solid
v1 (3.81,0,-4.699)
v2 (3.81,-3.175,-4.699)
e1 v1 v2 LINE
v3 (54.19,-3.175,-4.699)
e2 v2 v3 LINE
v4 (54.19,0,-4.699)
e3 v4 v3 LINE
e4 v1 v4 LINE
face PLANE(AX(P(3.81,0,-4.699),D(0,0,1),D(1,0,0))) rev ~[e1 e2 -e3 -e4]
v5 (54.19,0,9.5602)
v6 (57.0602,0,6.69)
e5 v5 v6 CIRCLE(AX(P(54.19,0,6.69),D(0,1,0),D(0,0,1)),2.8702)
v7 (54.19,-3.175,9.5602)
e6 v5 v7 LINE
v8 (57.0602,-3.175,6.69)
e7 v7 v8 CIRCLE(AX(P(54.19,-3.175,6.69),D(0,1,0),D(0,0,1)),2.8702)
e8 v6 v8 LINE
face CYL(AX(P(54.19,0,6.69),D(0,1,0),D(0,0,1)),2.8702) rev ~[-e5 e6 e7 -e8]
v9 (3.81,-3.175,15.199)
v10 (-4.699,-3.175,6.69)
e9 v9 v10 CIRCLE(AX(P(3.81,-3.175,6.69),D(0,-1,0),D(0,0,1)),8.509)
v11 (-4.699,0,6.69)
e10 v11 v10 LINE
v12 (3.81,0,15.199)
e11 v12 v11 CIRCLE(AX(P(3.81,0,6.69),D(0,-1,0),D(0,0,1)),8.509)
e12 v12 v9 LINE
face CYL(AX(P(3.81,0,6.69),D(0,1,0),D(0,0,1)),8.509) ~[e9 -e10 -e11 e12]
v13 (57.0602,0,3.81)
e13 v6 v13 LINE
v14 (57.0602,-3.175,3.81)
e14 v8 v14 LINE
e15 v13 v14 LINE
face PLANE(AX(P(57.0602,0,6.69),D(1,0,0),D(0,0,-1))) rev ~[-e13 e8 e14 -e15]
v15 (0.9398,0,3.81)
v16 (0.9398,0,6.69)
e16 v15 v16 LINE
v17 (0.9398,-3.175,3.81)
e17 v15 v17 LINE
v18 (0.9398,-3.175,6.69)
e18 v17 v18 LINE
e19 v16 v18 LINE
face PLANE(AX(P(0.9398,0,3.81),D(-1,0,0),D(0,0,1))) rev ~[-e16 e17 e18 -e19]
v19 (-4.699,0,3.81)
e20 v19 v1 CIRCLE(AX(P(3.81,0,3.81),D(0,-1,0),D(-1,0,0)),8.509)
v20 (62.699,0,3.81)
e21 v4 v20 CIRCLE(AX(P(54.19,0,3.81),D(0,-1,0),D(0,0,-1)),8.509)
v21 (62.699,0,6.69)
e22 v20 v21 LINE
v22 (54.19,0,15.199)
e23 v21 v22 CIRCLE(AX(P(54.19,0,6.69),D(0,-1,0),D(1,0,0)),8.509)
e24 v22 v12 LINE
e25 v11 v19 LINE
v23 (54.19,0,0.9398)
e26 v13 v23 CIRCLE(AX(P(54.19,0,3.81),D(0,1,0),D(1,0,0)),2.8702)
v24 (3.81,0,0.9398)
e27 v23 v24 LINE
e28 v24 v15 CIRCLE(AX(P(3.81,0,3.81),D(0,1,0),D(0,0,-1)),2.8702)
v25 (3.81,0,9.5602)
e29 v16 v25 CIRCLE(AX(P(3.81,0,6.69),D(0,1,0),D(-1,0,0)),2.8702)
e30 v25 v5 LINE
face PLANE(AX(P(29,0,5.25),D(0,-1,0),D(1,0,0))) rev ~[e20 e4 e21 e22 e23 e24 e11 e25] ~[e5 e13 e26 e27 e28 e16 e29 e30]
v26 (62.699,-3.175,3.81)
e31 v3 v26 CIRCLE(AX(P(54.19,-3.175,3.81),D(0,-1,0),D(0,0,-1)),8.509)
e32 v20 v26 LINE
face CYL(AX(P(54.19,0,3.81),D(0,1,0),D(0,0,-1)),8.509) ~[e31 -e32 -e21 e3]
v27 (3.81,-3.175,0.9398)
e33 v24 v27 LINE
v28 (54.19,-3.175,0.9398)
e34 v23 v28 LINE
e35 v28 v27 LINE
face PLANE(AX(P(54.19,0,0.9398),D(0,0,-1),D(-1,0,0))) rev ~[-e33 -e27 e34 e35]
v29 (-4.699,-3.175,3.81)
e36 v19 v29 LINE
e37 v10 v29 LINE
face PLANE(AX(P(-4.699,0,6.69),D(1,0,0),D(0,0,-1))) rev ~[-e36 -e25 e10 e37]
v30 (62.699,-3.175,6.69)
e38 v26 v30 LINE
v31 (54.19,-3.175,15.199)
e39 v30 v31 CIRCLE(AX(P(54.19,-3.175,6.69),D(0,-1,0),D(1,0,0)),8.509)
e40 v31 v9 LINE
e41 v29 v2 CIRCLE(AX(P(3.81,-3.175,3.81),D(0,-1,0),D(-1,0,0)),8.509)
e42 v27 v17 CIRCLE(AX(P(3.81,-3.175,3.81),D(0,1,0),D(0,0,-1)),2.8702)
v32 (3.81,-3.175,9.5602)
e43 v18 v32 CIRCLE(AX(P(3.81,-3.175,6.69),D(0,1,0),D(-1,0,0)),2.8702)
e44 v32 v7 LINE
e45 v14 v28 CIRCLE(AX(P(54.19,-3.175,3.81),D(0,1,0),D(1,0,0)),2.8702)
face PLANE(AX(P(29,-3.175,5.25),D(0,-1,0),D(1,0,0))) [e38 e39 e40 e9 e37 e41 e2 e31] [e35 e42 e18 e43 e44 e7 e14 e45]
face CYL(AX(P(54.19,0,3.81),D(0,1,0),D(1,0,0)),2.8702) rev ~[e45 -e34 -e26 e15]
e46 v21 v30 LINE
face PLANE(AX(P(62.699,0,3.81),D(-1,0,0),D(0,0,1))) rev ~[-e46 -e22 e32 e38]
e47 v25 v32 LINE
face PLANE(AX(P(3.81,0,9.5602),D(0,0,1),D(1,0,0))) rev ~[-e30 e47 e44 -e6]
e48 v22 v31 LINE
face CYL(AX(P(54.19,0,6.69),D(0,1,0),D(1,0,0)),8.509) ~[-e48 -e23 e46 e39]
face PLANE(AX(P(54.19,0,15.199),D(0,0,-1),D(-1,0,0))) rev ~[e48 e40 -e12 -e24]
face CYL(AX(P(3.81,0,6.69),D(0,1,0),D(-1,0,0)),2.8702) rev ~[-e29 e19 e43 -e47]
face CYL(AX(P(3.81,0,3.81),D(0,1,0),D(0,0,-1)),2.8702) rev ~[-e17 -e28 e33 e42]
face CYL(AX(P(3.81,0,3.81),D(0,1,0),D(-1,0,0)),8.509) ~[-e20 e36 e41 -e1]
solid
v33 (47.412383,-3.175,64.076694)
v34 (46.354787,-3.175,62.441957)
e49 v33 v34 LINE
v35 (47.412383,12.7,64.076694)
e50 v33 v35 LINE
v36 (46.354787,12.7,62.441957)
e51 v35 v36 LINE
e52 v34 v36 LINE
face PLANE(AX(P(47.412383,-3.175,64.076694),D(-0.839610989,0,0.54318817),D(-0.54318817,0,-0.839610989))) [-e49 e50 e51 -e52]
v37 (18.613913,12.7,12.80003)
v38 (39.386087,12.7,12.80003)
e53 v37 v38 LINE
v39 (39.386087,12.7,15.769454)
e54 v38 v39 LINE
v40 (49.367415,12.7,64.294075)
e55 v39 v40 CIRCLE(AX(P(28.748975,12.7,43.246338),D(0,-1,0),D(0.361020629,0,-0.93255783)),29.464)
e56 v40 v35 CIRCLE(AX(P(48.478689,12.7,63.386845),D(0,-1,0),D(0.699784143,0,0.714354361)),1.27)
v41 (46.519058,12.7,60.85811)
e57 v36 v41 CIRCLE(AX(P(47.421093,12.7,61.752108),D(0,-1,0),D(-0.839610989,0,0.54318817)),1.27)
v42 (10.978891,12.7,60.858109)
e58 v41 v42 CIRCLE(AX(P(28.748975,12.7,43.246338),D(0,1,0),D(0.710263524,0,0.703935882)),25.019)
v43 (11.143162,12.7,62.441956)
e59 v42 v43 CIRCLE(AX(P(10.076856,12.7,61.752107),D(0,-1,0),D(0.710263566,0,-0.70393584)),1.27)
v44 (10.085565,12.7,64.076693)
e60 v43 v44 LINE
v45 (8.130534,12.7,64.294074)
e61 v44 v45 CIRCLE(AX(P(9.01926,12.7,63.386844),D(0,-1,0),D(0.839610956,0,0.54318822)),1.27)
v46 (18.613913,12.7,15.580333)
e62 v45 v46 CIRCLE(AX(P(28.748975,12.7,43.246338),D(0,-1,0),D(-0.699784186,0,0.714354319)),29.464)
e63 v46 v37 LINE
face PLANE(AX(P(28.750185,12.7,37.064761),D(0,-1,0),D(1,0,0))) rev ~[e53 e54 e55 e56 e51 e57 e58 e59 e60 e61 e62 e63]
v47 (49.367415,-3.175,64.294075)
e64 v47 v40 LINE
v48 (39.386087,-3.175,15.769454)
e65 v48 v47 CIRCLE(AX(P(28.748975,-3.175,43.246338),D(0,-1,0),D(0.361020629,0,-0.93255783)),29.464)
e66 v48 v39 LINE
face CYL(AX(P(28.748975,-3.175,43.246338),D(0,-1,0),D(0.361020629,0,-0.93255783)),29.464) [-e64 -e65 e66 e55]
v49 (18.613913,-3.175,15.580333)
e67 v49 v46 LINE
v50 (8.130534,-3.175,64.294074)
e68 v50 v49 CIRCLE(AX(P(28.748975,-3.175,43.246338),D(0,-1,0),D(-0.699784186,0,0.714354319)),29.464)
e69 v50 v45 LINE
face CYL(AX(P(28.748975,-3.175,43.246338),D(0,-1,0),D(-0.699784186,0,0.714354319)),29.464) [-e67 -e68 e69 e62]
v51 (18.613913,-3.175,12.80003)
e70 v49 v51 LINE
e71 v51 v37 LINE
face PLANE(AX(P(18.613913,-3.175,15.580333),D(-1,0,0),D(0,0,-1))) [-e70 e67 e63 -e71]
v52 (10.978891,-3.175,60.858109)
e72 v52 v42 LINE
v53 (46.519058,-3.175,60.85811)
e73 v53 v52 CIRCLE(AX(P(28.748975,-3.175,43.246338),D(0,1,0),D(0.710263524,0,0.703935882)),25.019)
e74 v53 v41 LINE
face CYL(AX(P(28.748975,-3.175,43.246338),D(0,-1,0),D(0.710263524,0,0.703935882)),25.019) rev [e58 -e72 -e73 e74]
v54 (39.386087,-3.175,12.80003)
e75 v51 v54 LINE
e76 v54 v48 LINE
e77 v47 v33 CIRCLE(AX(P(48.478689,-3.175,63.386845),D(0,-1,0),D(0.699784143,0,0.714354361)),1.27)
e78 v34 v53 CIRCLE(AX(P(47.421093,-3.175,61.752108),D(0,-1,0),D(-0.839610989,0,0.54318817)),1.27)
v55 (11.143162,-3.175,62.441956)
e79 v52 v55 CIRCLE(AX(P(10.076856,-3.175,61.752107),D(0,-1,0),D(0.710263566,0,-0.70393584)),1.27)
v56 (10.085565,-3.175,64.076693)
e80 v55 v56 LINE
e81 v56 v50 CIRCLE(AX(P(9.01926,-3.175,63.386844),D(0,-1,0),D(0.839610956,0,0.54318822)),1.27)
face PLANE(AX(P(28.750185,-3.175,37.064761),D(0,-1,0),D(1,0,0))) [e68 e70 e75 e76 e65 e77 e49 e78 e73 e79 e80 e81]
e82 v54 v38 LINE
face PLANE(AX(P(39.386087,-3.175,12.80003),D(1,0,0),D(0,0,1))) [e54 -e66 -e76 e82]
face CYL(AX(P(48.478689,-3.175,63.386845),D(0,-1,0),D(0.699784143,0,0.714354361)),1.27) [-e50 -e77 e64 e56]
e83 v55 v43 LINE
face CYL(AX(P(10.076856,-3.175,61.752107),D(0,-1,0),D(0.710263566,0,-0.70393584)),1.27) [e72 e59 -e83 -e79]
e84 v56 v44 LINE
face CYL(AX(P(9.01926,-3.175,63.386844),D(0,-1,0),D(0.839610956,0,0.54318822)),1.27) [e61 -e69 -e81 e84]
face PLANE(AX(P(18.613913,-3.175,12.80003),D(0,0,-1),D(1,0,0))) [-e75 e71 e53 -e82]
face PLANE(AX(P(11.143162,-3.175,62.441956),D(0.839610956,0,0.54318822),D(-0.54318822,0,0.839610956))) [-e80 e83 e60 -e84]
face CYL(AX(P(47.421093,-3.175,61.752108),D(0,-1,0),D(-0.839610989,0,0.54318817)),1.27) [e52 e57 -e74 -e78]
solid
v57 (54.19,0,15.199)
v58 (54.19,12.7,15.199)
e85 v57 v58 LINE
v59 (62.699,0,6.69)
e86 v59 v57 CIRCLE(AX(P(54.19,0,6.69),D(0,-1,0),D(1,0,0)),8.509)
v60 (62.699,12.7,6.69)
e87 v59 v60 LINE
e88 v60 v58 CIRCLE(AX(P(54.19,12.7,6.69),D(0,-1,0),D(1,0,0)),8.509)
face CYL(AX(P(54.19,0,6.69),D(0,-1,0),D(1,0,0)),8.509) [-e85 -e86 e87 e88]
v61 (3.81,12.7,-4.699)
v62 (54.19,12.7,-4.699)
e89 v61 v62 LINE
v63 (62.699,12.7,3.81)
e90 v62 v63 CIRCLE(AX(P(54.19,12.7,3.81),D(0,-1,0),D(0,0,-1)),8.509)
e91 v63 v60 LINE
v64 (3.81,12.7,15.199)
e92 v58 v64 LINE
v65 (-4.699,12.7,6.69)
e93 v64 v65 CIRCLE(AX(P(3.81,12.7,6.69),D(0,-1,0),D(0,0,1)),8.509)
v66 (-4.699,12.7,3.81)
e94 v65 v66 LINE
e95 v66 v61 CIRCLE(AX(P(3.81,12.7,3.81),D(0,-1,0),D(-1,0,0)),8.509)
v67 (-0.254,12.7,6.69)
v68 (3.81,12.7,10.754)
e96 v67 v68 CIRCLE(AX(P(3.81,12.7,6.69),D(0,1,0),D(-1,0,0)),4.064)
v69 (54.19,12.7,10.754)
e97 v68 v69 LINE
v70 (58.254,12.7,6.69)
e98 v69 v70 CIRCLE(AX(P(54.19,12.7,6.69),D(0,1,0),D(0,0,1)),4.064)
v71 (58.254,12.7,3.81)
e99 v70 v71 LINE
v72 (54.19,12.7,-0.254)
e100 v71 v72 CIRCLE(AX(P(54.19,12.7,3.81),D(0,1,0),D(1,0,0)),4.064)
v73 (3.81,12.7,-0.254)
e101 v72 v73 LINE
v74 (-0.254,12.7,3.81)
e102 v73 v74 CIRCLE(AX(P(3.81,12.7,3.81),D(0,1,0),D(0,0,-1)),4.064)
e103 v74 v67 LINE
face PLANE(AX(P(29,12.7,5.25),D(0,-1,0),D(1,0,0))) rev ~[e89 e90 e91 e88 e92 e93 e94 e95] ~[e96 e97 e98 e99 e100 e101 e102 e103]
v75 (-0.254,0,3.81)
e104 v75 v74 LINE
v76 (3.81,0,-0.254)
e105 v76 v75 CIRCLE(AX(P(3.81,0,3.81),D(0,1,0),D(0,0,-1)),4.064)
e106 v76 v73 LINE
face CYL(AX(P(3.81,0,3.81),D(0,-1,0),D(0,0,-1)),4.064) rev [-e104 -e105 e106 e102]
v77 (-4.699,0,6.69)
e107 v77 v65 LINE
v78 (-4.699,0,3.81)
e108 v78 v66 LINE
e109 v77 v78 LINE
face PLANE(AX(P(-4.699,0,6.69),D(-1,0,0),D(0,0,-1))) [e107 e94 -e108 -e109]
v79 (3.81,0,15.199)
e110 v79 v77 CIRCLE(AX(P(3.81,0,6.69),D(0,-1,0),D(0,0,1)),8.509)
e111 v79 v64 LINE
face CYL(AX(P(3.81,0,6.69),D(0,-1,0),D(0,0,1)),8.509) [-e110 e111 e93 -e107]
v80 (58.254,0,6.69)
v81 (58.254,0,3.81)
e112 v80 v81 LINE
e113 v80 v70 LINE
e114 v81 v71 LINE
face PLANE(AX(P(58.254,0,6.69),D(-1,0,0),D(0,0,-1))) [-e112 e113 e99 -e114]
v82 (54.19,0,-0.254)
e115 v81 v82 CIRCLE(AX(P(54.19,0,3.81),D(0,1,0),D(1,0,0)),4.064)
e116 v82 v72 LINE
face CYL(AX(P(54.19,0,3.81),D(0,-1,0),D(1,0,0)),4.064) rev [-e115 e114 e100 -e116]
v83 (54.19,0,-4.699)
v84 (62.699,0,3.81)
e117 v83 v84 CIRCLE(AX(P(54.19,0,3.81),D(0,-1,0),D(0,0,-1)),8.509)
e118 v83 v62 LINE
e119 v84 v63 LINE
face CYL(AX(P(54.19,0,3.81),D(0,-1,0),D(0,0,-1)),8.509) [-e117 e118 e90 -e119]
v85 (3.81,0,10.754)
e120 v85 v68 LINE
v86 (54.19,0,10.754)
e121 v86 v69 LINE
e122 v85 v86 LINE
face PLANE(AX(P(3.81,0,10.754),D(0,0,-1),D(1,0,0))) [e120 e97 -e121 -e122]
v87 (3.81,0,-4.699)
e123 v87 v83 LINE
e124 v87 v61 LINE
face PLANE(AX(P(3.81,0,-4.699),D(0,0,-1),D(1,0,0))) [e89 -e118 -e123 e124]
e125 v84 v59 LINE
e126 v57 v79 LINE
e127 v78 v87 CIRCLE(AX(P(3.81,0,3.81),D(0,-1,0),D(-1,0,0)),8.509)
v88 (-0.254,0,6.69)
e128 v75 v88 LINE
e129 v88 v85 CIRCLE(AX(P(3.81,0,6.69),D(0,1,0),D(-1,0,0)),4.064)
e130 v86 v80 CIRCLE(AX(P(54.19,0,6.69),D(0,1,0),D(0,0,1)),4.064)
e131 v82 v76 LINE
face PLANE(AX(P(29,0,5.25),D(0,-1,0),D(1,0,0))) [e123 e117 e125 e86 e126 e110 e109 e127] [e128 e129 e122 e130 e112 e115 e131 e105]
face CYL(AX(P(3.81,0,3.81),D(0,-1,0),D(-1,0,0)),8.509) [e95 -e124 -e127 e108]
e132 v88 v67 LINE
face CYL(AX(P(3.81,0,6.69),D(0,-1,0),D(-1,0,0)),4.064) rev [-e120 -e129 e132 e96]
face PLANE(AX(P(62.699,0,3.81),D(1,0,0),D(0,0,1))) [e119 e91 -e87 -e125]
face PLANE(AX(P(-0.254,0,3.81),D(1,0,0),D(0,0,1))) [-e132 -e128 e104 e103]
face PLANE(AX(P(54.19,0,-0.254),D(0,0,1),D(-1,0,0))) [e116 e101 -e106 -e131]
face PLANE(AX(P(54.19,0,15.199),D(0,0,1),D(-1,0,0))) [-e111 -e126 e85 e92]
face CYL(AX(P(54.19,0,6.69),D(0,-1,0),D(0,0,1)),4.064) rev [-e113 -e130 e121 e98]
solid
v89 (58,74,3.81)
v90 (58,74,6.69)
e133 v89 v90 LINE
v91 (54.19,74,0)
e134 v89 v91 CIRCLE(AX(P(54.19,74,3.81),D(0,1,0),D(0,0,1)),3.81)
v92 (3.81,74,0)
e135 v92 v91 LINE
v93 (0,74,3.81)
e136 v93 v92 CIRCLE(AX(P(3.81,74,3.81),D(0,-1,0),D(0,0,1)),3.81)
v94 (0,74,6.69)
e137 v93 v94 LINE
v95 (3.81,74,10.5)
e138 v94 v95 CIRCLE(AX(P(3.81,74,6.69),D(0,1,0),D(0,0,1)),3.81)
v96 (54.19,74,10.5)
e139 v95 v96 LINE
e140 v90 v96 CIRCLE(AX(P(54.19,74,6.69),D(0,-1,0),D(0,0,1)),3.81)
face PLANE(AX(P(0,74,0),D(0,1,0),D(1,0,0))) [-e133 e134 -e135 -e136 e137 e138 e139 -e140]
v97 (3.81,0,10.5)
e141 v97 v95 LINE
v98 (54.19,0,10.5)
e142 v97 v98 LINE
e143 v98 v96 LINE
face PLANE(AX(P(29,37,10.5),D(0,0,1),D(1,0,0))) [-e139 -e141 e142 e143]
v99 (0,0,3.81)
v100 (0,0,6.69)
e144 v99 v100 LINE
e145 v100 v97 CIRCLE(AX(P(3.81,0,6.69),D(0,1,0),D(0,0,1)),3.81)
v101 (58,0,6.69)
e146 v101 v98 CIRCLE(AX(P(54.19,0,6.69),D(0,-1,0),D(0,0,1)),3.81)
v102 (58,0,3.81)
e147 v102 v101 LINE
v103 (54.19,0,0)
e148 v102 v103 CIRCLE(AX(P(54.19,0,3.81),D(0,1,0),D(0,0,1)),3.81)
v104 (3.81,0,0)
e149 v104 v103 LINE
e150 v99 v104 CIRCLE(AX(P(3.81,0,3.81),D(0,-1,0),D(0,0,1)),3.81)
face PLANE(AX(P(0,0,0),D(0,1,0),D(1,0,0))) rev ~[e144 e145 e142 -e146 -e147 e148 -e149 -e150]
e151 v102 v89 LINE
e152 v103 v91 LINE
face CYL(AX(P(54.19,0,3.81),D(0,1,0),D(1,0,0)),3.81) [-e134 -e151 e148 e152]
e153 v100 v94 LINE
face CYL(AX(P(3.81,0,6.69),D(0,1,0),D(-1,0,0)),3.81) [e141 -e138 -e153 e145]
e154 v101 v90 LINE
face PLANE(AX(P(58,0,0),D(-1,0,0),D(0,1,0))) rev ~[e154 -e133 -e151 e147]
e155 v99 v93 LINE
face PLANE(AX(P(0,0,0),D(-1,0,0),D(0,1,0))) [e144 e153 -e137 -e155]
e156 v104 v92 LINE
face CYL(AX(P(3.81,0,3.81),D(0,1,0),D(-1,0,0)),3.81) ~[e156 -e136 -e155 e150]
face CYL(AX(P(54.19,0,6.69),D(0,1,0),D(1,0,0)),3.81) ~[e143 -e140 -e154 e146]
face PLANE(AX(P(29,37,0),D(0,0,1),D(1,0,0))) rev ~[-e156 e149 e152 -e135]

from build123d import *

# Parameters (mm, degrees)
F0_W     = 58
F0_H     = 74
F1_DEPTH = 10.5
F2_R     = 3.81
F4_DEPTH = 12.7
F6_DEPTH = 3.175
F8_DEPTH = 15.875


with BuildPart() as f1:
    # F0 (on Top) → F1 (new body)
    with BuildSketch(Plane.XY):
        with Locations((29, 37)):
            Rectangle(F0_W, F0_H)
    extrude(amount=F1_DEPTH)

    # F2
    f2_edges = [f1.edges().sort_by_distance(p)[0] for p in [
        (58, 37, 0),
        (58, 37, 10.5),
        (0, 37, 0),
        (0, 37, 10.5),
    ]]
    fillet(f2_edges, radius=F2_R)


with BuildPart() as f4:
    # F3 (on face) → F4 (new body)
    with BuildSketch(Plane.XZ):
        with BuildLine():
            Line((54.19, 15.199), (3.81, 15.199))
            ThreePointArc((3.81, 15.199), (-2.2067716011, 12.7067716011), (-4.699, 6.69))
            Line((-4.699, 6.69), (-4.699, 3.81))
            ThreePointArc((-4.699, 3.81), (-2.2067716011, -2.2067716011), (3.81, -4.699))
            Line((3.81, -4.699), (54.19, -4.699))
            ThreePointArc((54.19, -4.699), (60.2067716011, -2.2067716011), (62.699, 3.81))
            Line((62.699, 3.81), (62.699, 6.69))
            ThreePointArc((62.699, 6.69), (60.2067716011, 12.7067716011), (54.19, 15.199))
        make_face()
        with BuildLine():
            ThreePointArc((-0.254, 6.69), (0.9363180413, 9.5636819587), (3.81, 10.754))
            Line((3.81, 10.754), (54.19, 10.754))
            ThreePointArc((54.19, 10.754), (57.0636819587, 9.5636819587), (58.254, 6.69))
            Line((58.254, 6.69), (58.254, 3.81))
            ThreePointArc((58.254, 3.81), (57.0636819587, 0.9363180413), (54.19, -0.254))
            Line((54.19, -0.254), (3.81, -0.254))
            ThreePointArc((3.81, -0.254), (0.9363180413, 0.9363180413), (-0.254, 3.81))
            Line((-0.254, 3.81), (-0.254, 6.69))
        make_face(mode=Mode.SUBTRACT)
    extrude(amount=-F4_DEPTH)


with BuildPart() as f6:
    # F5 (on face) → F6 (new body)
    with BuildSketch(Plane.XZ):
        with BuildLine():
            ThreePointArc((62.699, 6.69), (60.2067716011, 12.7067716011), (54.19, 15.199))
            Line((54.19, 15.199), (3.81, 15.199))
            ThreePointArc((3.81, 15.199), (-2.2067716011, 12.7067716011), (-4.699, 6.69))
            Line((-4.699, 6.69), (-4.699, 3.81))
            ThreePointArc((-4.699, 3.81), (-2.2067716011, -2.2067716011), (3.81, -4.699))
            Line((3.81, -4.699), (54.19, -4.699))
            ThreePointArc((54.19, -4.699), (60.2067716011, -2.2067716011), (62.699, 3.81))
            Line((62.699, 3.81), (62.699, 6.69))
        make_face()
        with BuildLine():
            ThreePointArc((3.81, -0.254), (0.9363180413, 0.9363180413), (-0.254, 3.81))
            Line((-0.254, 3.81), (-0.254, 6.69))
            ThreePointArc((-0.254, 6.69), (0.9363180413, 9.5636819587), (3.81, 10.754))
            Line((3.81, 10.754), (54.19, 10.754))
            ThreePointArc((54.19, 10.754), (57.0636819587, 9.5636819587), (58.254, 6.69))
            Line((58.254, 6.69), (58.254, 3.81))
            ThreePointArc((58.254, 3.81), (57.0636819587, 0.9363180413), (54.19, -0.254))
            Line((54.19, -0.254), (3.81, -0.254))
        make_face(mode=Mode.SUBTRACT)
        with BuildLine():
            Line((-0.254, 6.69), (-0.254, 3.81))
            ThreePointArc((-0.254, 3.81), (0.9363180413, 0.9363180413), (3.81, -0.254))
            Line((3.81, -0.254), (54.19, -0.254))
            ThreePointArc((54.19, -0.254), (57.0636819587, 0.9363180413), (58.254, 3.81))
            Line((58.254, 3.81), (58.254, 6.69))
            ThreePointArc((58.254, 6.69), (57.0636819587, 9.5636819587), (54.19, 10.754))
            Line((54.19, 10.754), (3.81, 10.754))
            ThreePointArc((3.81, 10.754), (0.9363180413, 9.5636819587), (-0.254, 6.69))
        make_face()
        with BuildLine():
            Line((3.81, 9.5602003321), (54.19, 9.5602003321))
            ThreePointArc((54.19, 9.5602003321), (56.2195381182, 8.7195381182), (57.0602003321, 6.69))
            Line((57.0602003321, 6.69), (57.0602003321, 3.81))
            ThreePointArc((57.0602003321, 3.81), (56.2195381182, 1.7804618818), (54.19, 0.9397996679))
            Line((54.19, 0.9397996679), (3.81, 0.9397996679))
            ThreePointArc((3.81, 0.9397996679), (1.7804618818, 1.7804618818), (0.9397996679, 3.81))
            Line((0.9397996679, 3.81), (0.9397996679, 6.69))
            ThreePointArc((0.9397996679, 6.69), (1.7804618818, 8.7195381182), (3.81, 9.5602003321))
        make_face(mode=Mode.SUBTRACT)
    extrude(amount=F6_DEPTH)


with BuildPart() as f8:
    # F7 (on face) → F8 (new body)
    with BuildSketch(Plane.XZ.offset(3.175)):
        with BuildLine():
            ThreePointArc((46.5190580061, 60.858109749), (28.748975634, 18.2273379186), (10.9788907227, 60.8581086906))
            ThreePointArc((10.9788907227, 60.8581086906), (11.3400798422, 61.6210900026), (11.1431619079, 62.4419562461))
            Line((11.1431619079, 62.4419562461), (10.0855654762, 64.0766926394))
            ThreePointArc((10.0855654762, 64.0766926394), (9.1596065709, 64.6490649425), (8.1305336461, 64.2940735858))
            ThreePointArc((8.1305336461, 64.2940735858), (-0.0555666287, 37.0474925456), (18.6139133123, 15.5803330961))
            Line((18.6139133123, 15.5803330961), (18.6139133123, 17.4656958604))
            Line((18.6139133123, 17.4656958604), (39.3860866877, 17.4656958604))
            Line((39.3860866877, 17.4656958604), (39.3860866877, 15.7694540236))
            ThreePointArc((39.3860866877, 15.7694540236), (57.6087580673, 37.3099913236), (49.367414878, 64.2940748139))
            ThreePointArc((49.367414878, 64.2940748139), (48.3383419322, 64.6490661093), (47.4123830609, 64.076693751))
            Line((47.4123830609, 64.076693751), (46.3547867266, 62.4419572948))
            ThreePointArc((46.3547867266, 62.4419572948), (46.1578688412, 61.6210910396), (46.5190580061, 60.858109749))
        make_face()
        with BuildLine():
            Line((18.6139133123, 17.4656958604), (18.6139133123, 15.5803330961))
            ThreePointArc((18.6139133123, 15.5803330961), (29.0172197168, 13.7835590152), (39.3860866877, 15.7694540236))
            Line((39.3860866877, 15.7694540236), (39.3860866877, 17.4656958604))
            Line((39.3860866877, 17.4656958604), (18.6139133123, 17.4656958604))
        make_face()
        with BuildLine():
            ThreePointArc((39.3860866877, 15.7694540236), (29.0172197168, 13.7835590152), (18.6139133123, 15.5803330961))
            Line((18.6139133123, 15.5803330961), (18.6139133123, 12.800030257))
            Line((18.6139133123, 12.800030257), (39.3860866877, 12.800030257))
            Line((39.3860866877, 12.800030257), (39.3860866877, 15.7694540236))
        make_face()
    extrude(amount=-F8_DEPTH)


solid = Compound([f1.part, f4.part, f6.part, f8.part])
